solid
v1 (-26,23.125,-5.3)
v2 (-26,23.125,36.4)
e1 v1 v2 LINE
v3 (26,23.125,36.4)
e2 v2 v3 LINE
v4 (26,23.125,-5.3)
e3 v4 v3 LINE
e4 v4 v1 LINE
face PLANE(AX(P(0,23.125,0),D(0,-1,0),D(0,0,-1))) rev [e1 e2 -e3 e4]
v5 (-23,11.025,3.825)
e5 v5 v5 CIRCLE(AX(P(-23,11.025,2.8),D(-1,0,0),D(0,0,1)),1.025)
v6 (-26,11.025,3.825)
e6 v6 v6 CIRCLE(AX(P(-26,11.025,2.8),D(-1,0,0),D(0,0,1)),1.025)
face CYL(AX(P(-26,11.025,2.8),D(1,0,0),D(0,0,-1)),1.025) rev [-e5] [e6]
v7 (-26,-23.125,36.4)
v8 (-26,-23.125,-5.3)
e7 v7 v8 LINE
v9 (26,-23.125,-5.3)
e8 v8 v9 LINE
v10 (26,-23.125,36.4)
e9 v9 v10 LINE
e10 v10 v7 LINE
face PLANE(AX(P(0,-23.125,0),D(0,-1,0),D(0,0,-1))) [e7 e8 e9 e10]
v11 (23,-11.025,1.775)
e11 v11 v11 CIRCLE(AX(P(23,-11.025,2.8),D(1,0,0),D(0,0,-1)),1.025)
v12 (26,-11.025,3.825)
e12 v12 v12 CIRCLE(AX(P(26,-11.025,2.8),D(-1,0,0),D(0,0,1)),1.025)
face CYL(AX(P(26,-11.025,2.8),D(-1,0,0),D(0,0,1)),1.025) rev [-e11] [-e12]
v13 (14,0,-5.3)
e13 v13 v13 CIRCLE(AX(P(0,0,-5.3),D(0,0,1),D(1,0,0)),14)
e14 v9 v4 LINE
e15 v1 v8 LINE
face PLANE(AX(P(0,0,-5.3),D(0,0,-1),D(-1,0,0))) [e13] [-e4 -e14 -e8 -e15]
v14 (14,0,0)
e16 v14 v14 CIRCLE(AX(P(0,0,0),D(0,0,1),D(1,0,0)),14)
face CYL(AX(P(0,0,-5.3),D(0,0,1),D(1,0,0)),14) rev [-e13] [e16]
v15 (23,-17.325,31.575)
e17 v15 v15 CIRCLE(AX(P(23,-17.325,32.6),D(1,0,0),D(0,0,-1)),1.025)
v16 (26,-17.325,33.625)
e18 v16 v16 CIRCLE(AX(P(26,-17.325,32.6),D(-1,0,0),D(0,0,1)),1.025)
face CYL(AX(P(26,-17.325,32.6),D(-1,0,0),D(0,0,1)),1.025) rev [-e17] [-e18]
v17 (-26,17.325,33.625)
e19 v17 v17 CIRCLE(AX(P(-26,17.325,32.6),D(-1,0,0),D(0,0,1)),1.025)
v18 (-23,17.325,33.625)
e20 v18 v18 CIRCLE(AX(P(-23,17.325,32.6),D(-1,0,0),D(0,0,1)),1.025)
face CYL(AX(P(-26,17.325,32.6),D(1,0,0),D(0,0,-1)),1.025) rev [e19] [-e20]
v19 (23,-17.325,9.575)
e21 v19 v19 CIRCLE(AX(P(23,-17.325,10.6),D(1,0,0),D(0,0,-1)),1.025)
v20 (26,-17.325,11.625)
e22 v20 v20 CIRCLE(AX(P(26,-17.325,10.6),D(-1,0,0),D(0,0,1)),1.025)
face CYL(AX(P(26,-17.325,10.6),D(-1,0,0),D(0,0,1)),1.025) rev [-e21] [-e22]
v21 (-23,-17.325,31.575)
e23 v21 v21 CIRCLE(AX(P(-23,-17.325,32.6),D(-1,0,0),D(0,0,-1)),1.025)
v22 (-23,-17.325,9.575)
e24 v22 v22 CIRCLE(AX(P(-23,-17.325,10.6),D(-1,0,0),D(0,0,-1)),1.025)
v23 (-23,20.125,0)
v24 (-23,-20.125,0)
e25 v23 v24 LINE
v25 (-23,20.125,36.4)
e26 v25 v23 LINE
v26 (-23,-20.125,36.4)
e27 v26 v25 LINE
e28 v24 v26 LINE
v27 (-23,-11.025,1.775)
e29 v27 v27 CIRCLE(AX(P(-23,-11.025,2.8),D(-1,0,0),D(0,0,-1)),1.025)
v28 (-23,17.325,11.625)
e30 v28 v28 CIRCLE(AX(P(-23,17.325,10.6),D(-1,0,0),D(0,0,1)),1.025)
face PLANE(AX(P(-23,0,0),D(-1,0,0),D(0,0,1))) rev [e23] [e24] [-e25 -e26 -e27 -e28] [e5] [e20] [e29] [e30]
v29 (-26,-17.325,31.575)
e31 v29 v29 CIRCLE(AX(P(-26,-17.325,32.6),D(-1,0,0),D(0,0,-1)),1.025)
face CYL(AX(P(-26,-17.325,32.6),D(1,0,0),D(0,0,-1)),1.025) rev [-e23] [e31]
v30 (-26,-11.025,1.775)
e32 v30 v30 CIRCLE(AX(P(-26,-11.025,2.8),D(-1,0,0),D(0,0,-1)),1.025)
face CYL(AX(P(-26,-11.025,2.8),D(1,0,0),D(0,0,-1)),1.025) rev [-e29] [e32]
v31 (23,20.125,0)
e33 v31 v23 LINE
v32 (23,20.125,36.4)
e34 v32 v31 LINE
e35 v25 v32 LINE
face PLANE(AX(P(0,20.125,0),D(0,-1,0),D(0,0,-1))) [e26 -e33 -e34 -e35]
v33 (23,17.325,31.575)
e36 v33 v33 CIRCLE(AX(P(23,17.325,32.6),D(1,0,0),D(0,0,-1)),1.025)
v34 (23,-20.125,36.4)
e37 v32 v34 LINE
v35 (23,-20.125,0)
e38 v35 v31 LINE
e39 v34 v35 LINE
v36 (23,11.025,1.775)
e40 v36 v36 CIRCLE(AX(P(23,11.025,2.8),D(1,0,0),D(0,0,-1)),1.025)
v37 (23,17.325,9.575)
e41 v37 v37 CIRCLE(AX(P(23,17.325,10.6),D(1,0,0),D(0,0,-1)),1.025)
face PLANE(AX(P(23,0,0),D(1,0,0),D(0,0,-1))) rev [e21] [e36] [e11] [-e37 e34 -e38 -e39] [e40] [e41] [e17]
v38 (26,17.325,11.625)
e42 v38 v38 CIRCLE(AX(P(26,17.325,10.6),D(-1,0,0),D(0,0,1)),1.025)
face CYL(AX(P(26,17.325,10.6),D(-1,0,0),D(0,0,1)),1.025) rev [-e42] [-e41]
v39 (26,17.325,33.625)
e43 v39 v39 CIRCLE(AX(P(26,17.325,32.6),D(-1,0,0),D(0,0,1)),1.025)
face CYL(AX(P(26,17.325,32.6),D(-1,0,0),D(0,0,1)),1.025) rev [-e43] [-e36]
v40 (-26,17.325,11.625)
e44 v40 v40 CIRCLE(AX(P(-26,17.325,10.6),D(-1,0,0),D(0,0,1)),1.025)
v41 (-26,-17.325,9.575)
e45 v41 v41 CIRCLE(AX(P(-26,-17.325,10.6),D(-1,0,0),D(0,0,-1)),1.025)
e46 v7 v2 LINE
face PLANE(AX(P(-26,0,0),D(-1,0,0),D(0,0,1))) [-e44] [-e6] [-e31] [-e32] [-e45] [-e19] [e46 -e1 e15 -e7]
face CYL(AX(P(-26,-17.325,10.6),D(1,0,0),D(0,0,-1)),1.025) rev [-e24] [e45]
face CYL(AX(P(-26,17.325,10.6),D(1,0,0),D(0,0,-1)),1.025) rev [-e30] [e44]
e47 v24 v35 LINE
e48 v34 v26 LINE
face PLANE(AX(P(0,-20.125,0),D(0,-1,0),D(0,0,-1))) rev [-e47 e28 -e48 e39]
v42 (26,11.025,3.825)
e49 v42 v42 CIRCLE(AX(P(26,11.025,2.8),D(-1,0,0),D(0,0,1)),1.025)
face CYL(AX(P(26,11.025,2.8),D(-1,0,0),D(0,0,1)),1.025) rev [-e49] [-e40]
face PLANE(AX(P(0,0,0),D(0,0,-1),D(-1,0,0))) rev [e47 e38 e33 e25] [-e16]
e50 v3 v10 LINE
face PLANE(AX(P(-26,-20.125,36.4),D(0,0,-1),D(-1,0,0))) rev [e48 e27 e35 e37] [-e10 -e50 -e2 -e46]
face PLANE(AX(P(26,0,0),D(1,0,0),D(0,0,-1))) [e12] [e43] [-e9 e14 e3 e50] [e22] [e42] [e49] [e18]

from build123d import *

# Parameters (mm, degrees)
ESBO_O1_W                  = 46
ESBO_O1_H                  = 40.25
ESBO_O1_R                  = 14
RESSALTO_EXTRUS_O1_DEPTH   = 5.3
ESBO_O2_W                  = 41.7
ESBO_O2_H                  = 40.25
ESBO_O2_R                  = 1.025
RESSALTO_EXTRUS_O2_DEPTH   = 3
ESBO_O3_W                  = 49
ESBO_O3_H                  = 41.7
RESSALTO_EXTRUS_O3_DEPTH   = 3
ESBO_O4_W                  = 41.7
ESBO_O4_H                  = 43.25
RESSALTO_EXTRUS_O4_DEPTH   = 3
ESBO_O5_W                  = 52
ESBO_O5_H                  = 41.7
RESSALTO_EXTRUS_O5_DEPTH   = 3
CORTE_EXTRUS_O1_DEPTH      = 66.274234005
CORTE_EXTRUS_O1_DEPTH_BACK = 66.274234005
ESBO_O7_R                  = 1.025


with BuildPart() as part:
    # Esboço1 → Ressalto-extrusão1 (new body)
    with BuildSketch(Plane.XY):
        Rectangle(ESBO_O1_W, ESBO_O1_H)
        Circle(ESBO_O1_R, mode=Mode.SUBTRACT)
    extrude(amount=-RESSALTO_EXTRUS_O1_DEPTH)

    # Esboço2 → Ressalto-extrusão2 (add)
    with BuildSketch(Plane.ZY.offset(23)):
        with Locations((15.55, 0)):
            Rectangle(ESBO_O2_W, ESBO_O2_H)
        with Locations((32.6, 17.325)):
            Circle(ESBO_O2_R, mode=Mode.SUBTRACT)
        with Locations((10.6, 17.325)):
            Circle(ESBO_O2_R, mode=Mode.SUBTRACT)
        with Locations(Location((10.6, -17.325, 0), (0, 0, 180))):
            Circle(ESBO_O2_R, mode=Mode.SUBTRACT)
        with Locations(Location((32.6, -17.325, 0), (0, 0, 180))):
            Circle(ESBO_O2_R, mode=Mode.SUBTRACT)
        with Locations((2.8, 11.025)):
            Circle(ESBO_O2_R, mode=Mode.SUBTRACT)
        with Locations(Location((2.8, -11.025, 0), (0, 0, 180))):
            Circle(ESBO_O2_R, mode=Mode.SUBTRACT)
    extrude(amount=RESSALTO_EXTRUS_O2_DEPTH)

    # Esboço3 → Ressalto-extrusão3 (add)
    with BuildSketch(Plane(origin=(0, 20.125, 0), x_dir=(1, 0, 0), z_dir=(0, 1, 0))):
        with Locations((-1.5, -15.55)):
            Rectangle(ESBO_O3_W, ESBO_O3_H)
    extrude(amount=RESSALTO_EXTRUS_O3_DEPTH)

    # Esboço4 → Ressalto-extrusão4 (add)
    with BuildSketch(Plane(origin=(23, 0, 0), x_dir=(0, 0, -1), z_dir=(1, 0, 0))):
        with Locations((-15.55, 1.5)):
            Rectangle(ESBO_O4_W, ESBO_O4_H)
    extrude(amount=RESSALTO_EXTRUS_O4_DEPTH)

    # Esboço5 → Ressalto-extrusão5 (add)
    with BuildSketch(Plane(origin=(0, -20.125, 0), x_dir=(-1, 0, 0), z_dir=(0, -1, 0))):
        with Locations((0, -15.55)):
            Rectangle(ESBO_O5_W, ESBO_O5_H)
    extrude(amount=RESSALTO_EXTRUS_O5_DEPTH)

    # Esboço7 → Corte-extrusão1 (cut, two sides: drawn at the far end of the back side and taken through both)
    with BuildSketch(Plane.ZY.offset(23).offset(-CORTE_EXTRUS_O1_DEPTH_BACK)):
        with Locations((2.8, 11.025)):
            Circle(ESBO_O7_R)
        with Locations((10.6, 17.325)):
            Circle(ESBO_O7_R)
        with Locations((32.6, 17.325)):
            Circle(ESBO_O7_R)
        with Locations(Location((2.8, -11.025, 0), (0, 0, 180))):
            Circle(ESBO_O7_R)
        with Locations(Location((10.6, -17.325, 0), (0, 0, 180))):
            Circle(ESBO_O7_R)
        with Locations(Location((32.6, -17.325, 0), (0, 0, 180))):
            Circle(ESBO_O7_R)
    extrude(amount=CORTE_EXTRUS_O1_DEPTH + CORTE_EXTRUS_O1_DEPTH_BACK, mode=Mode.SUBTRACT)


solid = part.part
